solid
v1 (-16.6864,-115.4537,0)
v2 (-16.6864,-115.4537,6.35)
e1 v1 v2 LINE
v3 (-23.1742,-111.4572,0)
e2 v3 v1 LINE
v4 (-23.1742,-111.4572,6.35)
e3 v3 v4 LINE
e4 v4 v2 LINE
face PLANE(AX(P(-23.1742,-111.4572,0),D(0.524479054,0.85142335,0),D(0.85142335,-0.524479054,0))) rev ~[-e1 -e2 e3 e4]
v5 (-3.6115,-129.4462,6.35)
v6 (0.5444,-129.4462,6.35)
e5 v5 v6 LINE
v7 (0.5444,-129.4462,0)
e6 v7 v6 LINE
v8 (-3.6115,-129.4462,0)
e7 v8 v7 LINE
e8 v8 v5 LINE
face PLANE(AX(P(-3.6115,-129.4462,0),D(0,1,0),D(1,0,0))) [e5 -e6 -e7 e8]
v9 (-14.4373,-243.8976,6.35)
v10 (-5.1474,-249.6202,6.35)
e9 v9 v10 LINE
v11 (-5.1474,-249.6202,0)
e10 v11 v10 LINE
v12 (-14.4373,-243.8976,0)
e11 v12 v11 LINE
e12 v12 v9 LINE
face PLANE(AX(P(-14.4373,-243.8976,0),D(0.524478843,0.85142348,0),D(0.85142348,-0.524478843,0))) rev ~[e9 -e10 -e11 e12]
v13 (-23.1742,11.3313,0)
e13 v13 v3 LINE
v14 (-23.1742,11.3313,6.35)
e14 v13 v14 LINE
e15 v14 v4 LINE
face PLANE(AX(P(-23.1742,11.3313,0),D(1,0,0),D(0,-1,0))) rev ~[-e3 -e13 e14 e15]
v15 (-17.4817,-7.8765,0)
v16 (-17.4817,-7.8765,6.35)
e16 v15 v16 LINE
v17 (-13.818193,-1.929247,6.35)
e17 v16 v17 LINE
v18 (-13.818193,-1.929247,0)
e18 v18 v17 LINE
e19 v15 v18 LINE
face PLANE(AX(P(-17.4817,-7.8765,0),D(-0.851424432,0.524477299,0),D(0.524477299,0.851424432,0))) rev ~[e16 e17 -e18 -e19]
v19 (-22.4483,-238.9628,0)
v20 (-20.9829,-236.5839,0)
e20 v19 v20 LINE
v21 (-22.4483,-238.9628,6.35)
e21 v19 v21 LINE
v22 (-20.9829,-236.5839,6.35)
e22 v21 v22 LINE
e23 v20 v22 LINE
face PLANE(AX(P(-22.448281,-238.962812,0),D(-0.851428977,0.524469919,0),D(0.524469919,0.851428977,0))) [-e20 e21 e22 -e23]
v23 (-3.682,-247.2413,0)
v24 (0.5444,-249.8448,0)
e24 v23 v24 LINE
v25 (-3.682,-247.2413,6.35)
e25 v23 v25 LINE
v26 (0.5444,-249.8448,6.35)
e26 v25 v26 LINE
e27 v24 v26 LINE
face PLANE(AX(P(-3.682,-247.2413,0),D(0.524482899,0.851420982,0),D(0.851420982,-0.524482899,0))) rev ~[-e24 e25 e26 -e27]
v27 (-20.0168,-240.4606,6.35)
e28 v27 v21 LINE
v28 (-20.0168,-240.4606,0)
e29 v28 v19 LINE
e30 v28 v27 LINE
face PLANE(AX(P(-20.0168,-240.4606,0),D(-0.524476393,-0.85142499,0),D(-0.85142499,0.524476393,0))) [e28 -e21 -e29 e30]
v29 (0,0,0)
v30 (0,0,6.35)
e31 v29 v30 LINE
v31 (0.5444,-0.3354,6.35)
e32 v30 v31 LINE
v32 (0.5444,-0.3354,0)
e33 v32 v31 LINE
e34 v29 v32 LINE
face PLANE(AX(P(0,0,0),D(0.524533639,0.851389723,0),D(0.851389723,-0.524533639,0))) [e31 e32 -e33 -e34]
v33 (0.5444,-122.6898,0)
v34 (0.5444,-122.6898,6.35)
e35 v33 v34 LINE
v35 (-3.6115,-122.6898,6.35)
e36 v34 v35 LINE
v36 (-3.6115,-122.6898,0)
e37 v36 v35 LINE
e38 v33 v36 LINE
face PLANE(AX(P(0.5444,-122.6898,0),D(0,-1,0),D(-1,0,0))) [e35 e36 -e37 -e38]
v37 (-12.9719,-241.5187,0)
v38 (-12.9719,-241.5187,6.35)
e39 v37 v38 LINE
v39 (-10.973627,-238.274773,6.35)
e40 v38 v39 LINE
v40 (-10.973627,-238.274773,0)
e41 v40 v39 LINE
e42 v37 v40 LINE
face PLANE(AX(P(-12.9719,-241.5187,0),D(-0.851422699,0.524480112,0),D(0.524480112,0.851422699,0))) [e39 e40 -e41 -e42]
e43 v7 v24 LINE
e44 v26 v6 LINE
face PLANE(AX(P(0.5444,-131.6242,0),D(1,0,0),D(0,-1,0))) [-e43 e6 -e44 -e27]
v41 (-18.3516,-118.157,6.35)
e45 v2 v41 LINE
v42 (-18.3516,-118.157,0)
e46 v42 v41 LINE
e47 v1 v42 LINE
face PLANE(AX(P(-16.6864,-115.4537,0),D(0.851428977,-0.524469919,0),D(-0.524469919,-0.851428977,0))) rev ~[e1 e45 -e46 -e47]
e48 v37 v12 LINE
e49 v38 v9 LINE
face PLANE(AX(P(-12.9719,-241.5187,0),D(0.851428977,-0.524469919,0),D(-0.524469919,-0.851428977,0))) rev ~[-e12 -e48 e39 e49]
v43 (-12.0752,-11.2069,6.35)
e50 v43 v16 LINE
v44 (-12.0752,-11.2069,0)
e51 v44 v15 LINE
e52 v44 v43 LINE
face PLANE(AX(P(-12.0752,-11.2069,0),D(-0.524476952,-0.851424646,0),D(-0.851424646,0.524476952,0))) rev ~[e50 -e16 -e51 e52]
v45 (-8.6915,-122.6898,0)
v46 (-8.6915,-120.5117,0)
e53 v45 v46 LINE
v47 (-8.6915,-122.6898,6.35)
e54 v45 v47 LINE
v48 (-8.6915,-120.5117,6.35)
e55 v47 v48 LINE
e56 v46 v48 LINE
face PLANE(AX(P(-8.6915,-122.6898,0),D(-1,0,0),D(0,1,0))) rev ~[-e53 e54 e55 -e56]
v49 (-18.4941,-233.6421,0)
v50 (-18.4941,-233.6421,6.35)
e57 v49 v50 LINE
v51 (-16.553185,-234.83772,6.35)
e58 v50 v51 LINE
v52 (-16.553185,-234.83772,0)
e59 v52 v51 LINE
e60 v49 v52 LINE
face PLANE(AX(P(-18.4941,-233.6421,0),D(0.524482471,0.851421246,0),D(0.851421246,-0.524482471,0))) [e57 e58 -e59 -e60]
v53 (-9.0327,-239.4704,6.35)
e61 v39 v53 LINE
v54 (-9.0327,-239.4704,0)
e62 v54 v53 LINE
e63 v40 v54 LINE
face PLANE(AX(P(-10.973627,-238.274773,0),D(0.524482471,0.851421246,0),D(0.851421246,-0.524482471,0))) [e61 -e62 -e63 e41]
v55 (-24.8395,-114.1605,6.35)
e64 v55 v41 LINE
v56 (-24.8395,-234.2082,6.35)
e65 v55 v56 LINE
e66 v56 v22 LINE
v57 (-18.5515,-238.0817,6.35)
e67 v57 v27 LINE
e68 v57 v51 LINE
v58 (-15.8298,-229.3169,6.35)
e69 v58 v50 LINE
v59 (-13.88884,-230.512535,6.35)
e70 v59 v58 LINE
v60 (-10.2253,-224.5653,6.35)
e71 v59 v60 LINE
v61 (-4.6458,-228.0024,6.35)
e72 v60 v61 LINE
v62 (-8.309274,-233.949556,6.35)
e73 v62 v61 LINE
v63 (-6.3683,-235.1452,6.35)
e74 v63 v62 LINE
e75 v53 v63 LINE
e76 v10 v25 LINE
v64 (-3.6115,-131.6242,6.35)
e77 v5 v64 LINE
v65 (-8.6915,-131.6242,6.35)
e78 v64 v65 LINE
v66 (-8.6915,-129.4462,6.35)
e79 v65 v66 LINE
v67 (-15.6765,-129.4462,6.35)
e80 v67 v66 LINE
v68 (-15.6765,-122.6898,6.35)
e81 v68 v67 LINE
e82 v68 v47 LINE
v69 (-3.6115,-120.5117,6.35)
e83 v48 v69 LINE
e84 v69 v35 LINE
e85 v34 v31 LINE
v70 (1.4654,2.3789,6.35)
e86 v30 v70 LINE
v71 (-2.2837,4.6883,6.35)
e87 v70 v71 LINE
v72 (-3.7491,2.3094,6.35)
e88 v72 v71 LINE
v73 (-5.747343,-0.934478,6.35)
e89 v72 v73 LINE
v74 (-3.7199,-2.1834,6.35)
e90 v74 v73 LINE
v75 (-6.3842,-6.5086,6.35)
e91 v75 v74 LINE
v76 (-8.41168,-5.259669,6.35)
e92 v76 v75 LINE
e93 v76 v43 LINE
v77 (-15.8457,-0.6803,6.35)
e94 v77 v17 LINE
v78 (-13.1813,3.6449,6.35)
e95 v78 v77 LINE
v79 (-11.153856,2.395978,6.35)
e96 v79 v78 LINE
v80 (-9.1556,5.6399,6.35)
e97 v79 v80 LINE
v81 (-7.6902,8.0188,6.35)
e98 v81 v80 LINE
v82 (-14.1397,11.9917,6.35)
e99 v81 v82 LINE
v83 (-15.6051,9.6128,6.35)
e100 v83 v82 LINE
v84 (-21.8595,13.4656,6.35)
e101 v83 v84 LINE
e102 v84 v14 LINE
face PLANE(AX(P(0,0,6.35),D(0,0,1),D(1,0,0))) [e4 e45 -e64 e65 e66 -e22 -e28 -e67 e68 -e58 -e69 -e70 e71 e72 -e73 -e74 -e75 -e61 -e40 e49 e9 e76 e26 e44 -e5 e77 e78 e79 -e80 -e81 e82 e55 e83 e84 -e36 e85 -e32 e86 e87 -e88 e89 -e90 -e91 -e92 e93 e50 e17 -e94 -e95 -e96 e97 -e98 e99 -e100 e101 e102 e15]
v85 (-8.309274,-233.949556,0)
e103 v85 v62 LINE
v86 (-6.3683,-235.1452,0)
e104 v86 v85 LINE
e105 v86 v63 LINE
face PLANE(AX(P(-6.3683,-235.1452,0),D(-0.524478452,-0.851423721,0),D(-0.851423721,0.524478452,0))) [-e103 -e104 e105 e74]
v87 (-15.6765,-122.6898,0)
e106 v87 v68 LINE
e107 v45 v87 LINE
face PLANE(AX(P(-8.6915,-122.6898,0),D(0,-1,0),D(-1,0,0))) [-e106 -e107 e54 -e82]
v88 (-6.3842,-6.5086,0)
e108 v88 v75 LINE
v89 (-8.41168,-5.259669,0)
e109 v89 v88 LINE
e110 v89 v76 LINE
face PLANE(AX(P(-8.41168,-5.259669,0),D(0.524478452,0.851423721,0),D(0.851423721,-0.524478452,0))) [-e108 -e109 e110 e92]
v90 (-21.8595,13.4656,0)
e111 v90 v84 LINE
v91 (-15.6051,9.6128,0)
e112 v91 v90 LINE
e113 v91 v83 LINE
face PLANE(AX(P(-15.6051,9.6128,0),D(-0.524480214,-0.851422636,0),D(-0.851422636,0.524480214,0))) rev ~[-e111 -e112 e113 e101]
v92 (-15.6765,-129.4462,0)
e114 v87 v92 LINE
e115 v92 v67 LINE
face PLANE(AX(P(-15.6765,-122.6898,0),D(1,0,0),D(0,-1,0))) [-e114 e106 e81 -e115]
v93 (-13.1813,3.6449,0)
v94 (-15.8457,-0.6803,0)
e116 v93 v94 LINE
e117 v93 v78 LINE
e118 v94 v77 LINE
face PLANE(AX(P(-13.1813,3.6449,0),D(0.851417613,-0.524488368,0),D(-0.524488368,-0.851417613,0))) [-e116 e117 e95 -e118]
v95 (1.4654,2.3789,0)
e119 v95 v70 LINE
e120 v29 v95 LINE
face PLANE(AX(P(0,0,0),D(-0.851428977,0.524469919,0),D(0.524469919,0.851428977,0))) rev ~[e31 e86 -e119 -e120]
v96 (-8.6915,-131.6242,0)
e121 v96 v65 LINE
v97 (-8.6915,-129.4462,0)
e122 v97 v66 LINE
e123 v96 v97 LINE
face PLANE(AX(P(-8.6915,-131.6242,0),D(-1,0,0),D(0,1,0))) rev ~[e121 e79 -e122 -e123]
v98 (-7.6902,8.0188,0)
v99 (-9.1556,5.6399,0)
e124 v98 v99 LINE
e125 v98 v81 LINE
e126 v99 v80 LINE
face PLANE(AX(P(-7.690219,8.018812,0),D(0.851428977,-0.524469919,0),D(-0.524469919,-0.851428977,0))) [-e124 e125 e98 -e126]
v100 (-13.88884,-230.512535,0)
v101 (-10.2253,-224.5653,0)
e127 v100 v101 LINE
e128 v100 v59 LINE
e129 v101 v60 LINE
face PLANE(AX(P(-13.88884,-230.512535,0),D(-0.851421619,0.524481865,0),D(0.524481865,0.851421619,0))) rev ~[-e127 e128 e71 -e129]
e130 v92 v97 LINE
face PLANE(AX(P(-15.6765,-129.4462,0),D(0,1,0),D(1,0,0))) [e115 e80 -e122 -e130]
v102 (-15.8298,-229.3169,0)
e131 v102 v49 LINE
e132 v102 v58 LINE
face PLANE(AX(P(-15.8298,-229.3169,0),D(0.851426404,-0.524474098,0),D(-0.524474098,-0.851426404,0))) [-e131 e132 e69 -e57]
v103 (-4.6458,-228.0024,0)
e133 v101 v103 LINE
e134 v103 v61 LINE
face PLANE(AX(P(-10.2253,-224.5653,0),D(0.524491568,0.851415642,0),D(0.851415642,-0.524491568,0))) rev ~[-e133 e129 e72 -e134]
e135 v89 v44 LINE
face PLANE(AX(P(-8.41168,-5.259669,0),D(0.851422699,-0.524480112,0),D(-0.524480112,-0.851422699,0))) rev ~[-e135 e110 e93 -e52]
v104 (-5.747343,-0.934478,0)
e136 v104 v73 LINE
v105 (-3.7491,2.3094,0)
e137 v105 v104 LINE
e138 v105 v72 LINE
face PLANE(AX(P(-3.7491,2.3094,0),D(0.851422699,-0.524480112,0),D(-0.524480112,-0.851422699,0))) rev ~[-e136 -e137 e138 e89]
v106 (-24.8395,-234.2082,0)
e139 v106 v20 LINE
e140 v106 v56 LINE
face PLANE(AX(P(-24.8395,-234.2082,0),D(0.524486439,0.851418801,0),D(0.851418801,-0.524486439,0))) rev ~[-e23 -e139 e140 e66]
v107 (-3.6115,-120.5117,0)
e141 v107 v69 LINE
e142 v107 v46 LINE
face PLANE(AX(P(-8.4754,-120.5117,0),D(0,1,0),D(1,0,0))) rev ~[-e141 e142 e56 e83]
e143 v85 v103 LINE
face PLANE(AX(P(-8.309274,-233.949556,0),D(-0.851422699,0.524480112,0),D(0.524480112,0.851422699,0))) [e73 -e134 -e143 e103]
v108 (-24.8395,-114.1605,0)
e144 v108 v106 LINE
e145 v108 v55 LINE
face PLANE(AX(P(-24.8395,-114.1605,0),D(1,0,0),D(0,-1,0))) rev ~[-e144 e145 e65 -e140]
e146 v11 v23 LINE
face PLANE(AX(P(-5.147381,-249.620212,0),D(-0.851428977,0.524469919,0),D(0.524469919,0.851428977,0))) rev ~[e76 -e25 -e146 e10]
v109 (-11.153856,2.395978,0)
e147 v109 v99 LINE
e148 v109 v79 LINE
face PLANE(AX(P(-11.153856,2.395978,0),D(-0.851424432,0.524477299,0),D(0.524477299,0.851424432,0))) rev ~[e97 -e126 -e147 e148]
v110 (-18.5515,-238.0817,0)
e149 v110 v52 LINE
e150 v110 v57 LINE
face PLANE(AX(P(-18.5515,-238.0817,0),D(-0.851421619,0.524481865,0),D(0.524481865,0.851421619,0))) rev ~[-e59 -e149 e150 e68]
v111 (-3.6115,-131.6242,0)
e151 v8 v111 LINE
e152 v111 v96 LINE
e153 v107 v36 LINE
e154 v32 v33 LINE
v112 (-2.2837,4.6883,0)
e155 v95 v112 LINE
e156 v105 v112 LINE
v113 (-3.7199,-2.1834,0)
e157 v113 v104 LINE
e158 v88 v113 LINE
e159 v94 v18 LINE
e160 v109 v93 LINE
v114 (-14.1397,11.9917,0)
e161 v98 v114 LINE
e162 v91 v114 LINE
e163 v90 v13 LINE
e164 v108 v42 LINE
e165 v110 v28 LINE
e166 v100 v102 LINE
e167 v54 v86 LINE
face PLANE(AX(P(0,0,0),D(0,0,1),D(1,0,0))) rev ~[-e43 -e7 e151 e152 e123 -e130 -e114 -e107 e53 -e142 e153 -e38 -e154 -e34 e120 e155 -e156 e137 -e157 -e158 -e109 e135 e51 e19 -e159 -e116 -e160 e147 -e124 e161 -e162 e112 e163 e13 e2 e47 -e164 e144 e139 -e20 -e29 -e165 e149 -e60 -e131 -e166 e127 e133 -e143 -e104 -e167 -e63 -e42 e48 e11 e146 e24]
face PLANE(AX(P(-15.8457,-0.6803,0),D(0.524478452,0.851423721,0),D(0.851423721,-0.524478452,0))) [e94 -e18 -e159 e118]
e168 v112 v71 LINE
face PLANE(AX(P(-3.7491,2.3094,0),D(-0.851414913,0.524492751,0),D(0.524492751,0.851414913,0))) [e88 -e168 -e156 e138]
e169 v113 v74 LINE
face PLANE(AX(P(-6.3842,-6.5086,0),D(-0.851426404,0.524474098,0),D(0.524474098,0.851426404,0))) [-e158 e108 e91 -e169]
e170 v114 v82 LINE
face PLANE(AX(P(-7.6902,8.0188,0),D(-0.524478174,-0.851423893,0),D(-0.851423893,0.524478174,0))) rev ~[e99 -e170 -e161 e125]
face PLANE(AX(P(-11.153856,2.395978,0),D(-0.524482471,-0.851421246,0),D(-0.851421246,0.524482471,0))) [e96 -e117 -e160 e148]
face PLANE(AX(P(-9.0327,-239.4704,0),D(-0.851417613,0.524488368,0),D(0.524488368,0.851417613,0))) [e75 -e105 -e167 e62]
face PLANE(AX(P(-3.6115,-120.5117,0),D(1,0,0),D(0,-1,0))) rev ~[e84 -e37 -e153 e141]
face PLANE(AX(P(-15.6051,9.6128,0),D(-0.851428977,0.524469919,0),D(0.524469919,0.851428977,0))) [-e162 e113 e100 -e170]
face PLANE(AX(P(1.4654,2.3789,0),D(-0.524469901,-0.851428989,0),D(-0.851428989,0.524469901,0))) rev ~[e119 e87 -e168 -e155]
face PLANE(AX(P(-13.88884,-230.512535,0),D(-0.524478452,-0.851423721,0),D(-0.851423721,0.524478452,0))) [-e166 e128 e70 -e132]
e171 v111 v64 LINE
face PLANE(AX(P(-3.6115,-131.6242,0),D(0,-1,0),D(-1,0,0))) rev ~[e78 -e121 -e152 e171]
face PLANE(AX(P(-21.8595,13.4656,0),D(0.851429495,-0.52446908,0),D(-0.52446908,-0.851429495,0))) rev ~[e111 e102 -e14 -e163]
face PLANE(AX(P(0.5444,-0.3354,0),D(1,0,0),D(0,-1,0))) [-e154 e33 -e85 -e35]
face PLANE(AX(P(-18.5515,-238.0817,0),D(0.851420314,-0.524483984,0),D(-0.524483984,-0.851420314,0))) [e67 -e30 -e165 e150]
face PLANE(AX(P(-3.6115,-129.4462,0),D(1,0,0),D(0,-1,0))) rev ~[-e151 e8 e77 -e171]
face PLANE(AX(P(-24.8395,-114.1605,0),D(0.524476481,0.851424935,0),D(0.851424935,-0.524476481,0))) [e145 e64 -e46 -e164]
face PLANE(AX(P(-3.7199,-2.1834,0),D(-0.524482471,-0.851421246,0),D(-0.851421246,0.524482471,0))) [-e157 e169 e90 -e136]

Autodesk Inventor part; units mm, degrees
ref_plane "YZ Plane" through (0, 0, 0) normal (1, 0, 0) x (0, 1, 0)
ref_plane "XZ Plane" through (0, 0, 0) normal (0, 1, 0) x (-1, 0, 0)
ref_plane "Work Plane1" through (0, 0, 0) normal (0, 0, 1) x (1, 0, 0)
sketch "Sketch1" plane through (0, 0, 0) normal (0, 0, 1) x (1, 0, 0)
  line L0 (-13.9399, 12.3161) -> (-5.7696, 7.2832) projected
  line L1 (-15.6051, 9.6128) -> (-13.9399, 12.3161) projected
  line L2 (-7.4348, 4.5799) -> (-15.6051, 9.6128) projected
  line L3 (-5.7696, 7.2832) -> (-7.4348, 4.5799) construction
  line L4 (-5.4698, 3.3694) -> (-7.4348, 4.5799) construction
  line L5 (-3.8046, 6.0727) -> (1.6652, 2.7033) projected
  line L6 (-5.4698, 3.3694) -> (-3.8046, 6.0727) construction
  line L7 (0, 0) -> (-5.4698, 3.3694) projected
  line L8 (0, 0) -> (1.6652, 2.7033) projected
  line L9 (-5.3472, -249.9446) -> (-16.3579, -243.162) projected
  line L10 (-14.6927, -240.4587) -> (-3.682, -247.2413) projected
  line L11 (-16.3579, -243.162) -> (-14.6927, -240.4587) construction
  line L12 (-9.0019, -247.6933) -> (-20.2167, -240.7849) construction
  line L13 (-6.6483, -245.4141) -> (-18.5515, -238.0817) construction
  line L14 (0.5444, -249.8448) -> (0.5444, -249.8448) projected
  line L15 (0.5444, -2.2912) -> (0.5444, 0.8838) construction
  line L16 (0.5444, 0.8838) -> (0.5444, 0.8838) construction
  line L17 (0.5444, 0.8838) -> (0.5444, -253.0198) construction
  line L18 (0.5444, -253.0198) -> (0.5444, -253.0198) construction
  line L19 (0.5444, -253.0198) -> (0.5444, 0.8838) construction
  line L20 (0.5444, 0.8838) -> (0.5444, 0.8838) construction
  line L21 (0.5444, 0.8838) -> (0.5444, -2.2912) construction
  line L22 (0.5444, -2.2912) -> (0.5444, -2.2912) construction
  line L23 (-7.4904, 8.3432) -> (-9.1556, 5.6399)
  line L24 (-3.7491, 2.3094) -> (-2.0838, 5.0127)
  line L25 (0, 0) -> (0.5444, -0.3354)
  line L26 (0.5444, -0.3354) -> (0.5444, -253.0198)
  line L27 (-12.9719, -241.5187) -> (-14.6371, -244.222)
  line L28 (-15.6051, 9.6128) -> (-23.1742, 14.2754)
  line L29 (-23.1742, 14.2754) -> (-23.1742, -111.4572)
  line L30 (-25.9909, -237.228) -> (-24.3256, -234.5248) construction
  line L31 (-21.0892, -112.7416) -> (-23.1742, -111.4572) construction
  line L32 (-23.1742, -111.4572) -> (0.5444, -126.068) construction
  line L33 (-23.1742, -111.4572) -> (-24.8395, -114.1605) construction
  line L34 (-22.7544, -115.4449) -> (-24.8395, -114.1605) construction
  line L35 (-24.8395, -114.1605) -> (0.5444, -129.797) construction
  line L36 (-24.8395, -114.1605) -> (-24.8395, -234.2082)
  line L37 (-24.3256, -234.5248) -> (-24.8395, -234.2082) construction
  line L38 (-24.8395, -234.2082) -> (-18.5515, -238.0817)
  line L39 (-12.9719, -241.5187) -> (-4.6458, -228.0024)
  line L40 (-18.5515, -238.0817) -> (-10.2253, -224.5653)
  line L41 (-10.2253, -224.5653) -> (-4.6458, -228.0024)
  line L42 (-14.4373, -243.8976) -> (-5.1474, -249.6202)
  line L43 (1.4654, 2.3789) -> (-2.2837, 4.6883)
  line L44 (-7.6902, 8.0188) -> (-14.1397, 11.9917)
  line L45 (0.5444, -122.6898) -> (3.3735, -122.6898) construction
  line L46 (0.5444, -129.4462) -> (3.3735, -129.4462) construction
  line L47 (-3.7491, 2.3094) -> (-12.0752, -11.2069)
  line L48 (-12.0752, -11.2069) -> (-17.4817, -7.8765)
  line L49 (-17.4817, -7.8765) -> (-9.1556, 5.6399)
  line L50 (-14.7785, -9.5417) -> (-4.7871, 6.6779) construction
  line L51 (-15.8457, -0.6803) -> (-6.3842, -6.5086)
  line L52 (-6.3842, -6.5086) -> (-3.7199, -2.1834)
  line L53 (-3.7199, -2.1834) -> (-13.1813, 3.6449)
  line L54 (-13.1813, 3.6449) -> (-15.8457, -0.6803)
  line L55 (-15.8457, -0.6803) -> (-3.7199, -2.1834) construction
  line L56 (-6.3842, -6.5086) -> (-13.1813, 3.6449) construction
  line L57 (-7.4356, -226.2838) -> (-17.4269, -242.5035) construction
  line L58 (-18.4941, -233.6421) -> (-9.0327, -239.4704)
  line L59 (-9.0327, -239.4704) -> (-6.3683, -235.1452)
  line L60 (-6.3683, -235.1452) -> (-15.8298, -229.3169)
  line L61 (-15.8298, -229.3169) -> (-18.4941, -233.6421)
  line L62 (-18.4941, -233.6421) -> (-6.3683, -235.1452) construction
  line L63 (-9.0327, -239.4704) -> (-15.8298, -229.3169) construction
  line L64 (0.5444, -122.6898) -> (-15.6765, -122.6898)
  line L65 (-15.6765, -122.6898) -> (-15.6765, -129.4462)
  line L66 (-15.6765, -129.4462) -> (0.5444, -129.4462)
  line L67 (3.3735, -126.068) -> (-15.6765, -126.068) construction
  line L68 (-8.6915, -131.6242) -> (-8.6915, -120.5117)
  line L69 (-8.6915, -120.5117) -> (-3.6115, -120.5117)
  line L70 (-3.6115, -120.5117) -> (-3.6115, -131.6242)
  line L71 (-3.6115, -131.6242) -> (-8.6915, -131.6242)
  line L72 (-8.6915, -131.6242) -> (-3.6115, -120.5117) construction
  line L73 (-8.6915, -120.5117) -> (-3.6115, -131.6242) construction
  line L74 (-24.8395, -114.1605) -> (-10.9932, -122.6898)
  line L75 (-23.1742, -111.4572) -> (-8.4754, -120.5117)
  line L76 (-16.6864, -115.4537) -> (-18.3516, -118.157)
  line L77 (-20.1943, 16.1688) -> (-21.8595, 13.4656) construction
  line L78 (-21.8595, 13.4656) -> (-23.1742, 11.3313)
  line L79 (-23.2443, -111.414) -> (-24.9095, -114.1173) projected
  line L80 (-3.6115, -131.6242) -> (0.5444, -131.6242)
  line L81 (-3.6115, -120.5117) -> (0.5444, -120.5117)
  line L82 (-3.682, -247.2413) -> (0.5444, -249.8448)
  line L83 (-5.3472, -249.9446) -> (-3.682, -247.2413) projected
  line L84 (-22.6481, -239.2872) -> (-20.9829, -236.5839) projected
  line L85 (-18.3229, -241.9515) -> (-22.6481, -239.2872) projected
  line L86 (-18.5515, -238.0817) -> (-20.2167, -240.7849)
  line L87 (-20.0168, -240.4606) -> (-22.4483, -238.9628)
  line L88 (0.5444, -122.6898) -> (0.5444, -129.4462) projected
  line L89 (0.5444, -122.6898) -> (0.5444, -129.4462) projected
  line L90 (3.3735, -122.6898) -> (3.3735, -129.4462) projected
  line L91 (-3.8046, 6.0727) -> (-5.7696, 7.2832) projected
  point P0 (-6.4523, 3.9747)
  point P1 (-9.7828, -1.4319)
  point P2 (-12.4312, -234.3936)
  point P3 (-6.1515, -126.068)
  point P4 (-16.5532, -234.8378)
  point P5 (-13.8888, -230.5125)
  point P6 (-8.3093, -233.9495)
  point P7 (-10.9736, -238.2748)
  point P8 (0.5444, -129.4462)
  point P9 (-3.6115, -129.4462)
  point P10 (-8.6915, -129.4462)
  point P11 (-8.6915, -122.6898)
  point P12 (-3.6115, -122.6898)
  point P13 (0.5444, -122.6898)
  point P14 (-5.7473, -0.9345)
  point P15 (-8.4117, -5.2597)
  point P16 (-13.8182, -1.9293)
  point P17 (-11.1539, 2.396)
  dimension "d0" = 3.175
  dimension "d1" = 3.175
  dimension "d2" = 2.021
  dimension "d3" = 2.021
  dimension "d5" = 19.05
  dimension "d7" = 0.381
  dimension "d8" = 0.381
  dimension "d10" = 8.89
  dimension "d11" = 11.1125
  dimension "d12" = 5.08
  dimension "d13" = 11.1125
  dimension "d14" = 5.08
  dimension "d15" = 19.05
  dimension "d16" = 11.1125
  dimension "d17" = 5.08
  dimension "d18" = 7.62
  dimension "d21" = 0.381
  dimension "d22" = 19.05
extrude "Extrusion1" add sketch "Sketch1" along normal blind 6.35 contours L44 L23 L2 L1 | L2 L49 L53 L54 L51 L48 L47 L52 L7 L25 L26 L81 L69 L75 L29 L78 L28 | L43 L8 L7 L24 | L75 L69 L68 L64 L74 L76 | L74 L64 L65 L66 L68 L71 L80 L26 L82 L10 L39 L58 L59 L60 L41 L40 L61 L38 L36 | L81 L26 L64 L70 | L66 L26 L80 L70 | L38 L86 L87 L84 | L83 L42 L27 L10
equation "\"d1\" = d0"
equation "\"d3\" = d2"
properties part number "Inner Bracket" material "Polycarbonate, Clear"
